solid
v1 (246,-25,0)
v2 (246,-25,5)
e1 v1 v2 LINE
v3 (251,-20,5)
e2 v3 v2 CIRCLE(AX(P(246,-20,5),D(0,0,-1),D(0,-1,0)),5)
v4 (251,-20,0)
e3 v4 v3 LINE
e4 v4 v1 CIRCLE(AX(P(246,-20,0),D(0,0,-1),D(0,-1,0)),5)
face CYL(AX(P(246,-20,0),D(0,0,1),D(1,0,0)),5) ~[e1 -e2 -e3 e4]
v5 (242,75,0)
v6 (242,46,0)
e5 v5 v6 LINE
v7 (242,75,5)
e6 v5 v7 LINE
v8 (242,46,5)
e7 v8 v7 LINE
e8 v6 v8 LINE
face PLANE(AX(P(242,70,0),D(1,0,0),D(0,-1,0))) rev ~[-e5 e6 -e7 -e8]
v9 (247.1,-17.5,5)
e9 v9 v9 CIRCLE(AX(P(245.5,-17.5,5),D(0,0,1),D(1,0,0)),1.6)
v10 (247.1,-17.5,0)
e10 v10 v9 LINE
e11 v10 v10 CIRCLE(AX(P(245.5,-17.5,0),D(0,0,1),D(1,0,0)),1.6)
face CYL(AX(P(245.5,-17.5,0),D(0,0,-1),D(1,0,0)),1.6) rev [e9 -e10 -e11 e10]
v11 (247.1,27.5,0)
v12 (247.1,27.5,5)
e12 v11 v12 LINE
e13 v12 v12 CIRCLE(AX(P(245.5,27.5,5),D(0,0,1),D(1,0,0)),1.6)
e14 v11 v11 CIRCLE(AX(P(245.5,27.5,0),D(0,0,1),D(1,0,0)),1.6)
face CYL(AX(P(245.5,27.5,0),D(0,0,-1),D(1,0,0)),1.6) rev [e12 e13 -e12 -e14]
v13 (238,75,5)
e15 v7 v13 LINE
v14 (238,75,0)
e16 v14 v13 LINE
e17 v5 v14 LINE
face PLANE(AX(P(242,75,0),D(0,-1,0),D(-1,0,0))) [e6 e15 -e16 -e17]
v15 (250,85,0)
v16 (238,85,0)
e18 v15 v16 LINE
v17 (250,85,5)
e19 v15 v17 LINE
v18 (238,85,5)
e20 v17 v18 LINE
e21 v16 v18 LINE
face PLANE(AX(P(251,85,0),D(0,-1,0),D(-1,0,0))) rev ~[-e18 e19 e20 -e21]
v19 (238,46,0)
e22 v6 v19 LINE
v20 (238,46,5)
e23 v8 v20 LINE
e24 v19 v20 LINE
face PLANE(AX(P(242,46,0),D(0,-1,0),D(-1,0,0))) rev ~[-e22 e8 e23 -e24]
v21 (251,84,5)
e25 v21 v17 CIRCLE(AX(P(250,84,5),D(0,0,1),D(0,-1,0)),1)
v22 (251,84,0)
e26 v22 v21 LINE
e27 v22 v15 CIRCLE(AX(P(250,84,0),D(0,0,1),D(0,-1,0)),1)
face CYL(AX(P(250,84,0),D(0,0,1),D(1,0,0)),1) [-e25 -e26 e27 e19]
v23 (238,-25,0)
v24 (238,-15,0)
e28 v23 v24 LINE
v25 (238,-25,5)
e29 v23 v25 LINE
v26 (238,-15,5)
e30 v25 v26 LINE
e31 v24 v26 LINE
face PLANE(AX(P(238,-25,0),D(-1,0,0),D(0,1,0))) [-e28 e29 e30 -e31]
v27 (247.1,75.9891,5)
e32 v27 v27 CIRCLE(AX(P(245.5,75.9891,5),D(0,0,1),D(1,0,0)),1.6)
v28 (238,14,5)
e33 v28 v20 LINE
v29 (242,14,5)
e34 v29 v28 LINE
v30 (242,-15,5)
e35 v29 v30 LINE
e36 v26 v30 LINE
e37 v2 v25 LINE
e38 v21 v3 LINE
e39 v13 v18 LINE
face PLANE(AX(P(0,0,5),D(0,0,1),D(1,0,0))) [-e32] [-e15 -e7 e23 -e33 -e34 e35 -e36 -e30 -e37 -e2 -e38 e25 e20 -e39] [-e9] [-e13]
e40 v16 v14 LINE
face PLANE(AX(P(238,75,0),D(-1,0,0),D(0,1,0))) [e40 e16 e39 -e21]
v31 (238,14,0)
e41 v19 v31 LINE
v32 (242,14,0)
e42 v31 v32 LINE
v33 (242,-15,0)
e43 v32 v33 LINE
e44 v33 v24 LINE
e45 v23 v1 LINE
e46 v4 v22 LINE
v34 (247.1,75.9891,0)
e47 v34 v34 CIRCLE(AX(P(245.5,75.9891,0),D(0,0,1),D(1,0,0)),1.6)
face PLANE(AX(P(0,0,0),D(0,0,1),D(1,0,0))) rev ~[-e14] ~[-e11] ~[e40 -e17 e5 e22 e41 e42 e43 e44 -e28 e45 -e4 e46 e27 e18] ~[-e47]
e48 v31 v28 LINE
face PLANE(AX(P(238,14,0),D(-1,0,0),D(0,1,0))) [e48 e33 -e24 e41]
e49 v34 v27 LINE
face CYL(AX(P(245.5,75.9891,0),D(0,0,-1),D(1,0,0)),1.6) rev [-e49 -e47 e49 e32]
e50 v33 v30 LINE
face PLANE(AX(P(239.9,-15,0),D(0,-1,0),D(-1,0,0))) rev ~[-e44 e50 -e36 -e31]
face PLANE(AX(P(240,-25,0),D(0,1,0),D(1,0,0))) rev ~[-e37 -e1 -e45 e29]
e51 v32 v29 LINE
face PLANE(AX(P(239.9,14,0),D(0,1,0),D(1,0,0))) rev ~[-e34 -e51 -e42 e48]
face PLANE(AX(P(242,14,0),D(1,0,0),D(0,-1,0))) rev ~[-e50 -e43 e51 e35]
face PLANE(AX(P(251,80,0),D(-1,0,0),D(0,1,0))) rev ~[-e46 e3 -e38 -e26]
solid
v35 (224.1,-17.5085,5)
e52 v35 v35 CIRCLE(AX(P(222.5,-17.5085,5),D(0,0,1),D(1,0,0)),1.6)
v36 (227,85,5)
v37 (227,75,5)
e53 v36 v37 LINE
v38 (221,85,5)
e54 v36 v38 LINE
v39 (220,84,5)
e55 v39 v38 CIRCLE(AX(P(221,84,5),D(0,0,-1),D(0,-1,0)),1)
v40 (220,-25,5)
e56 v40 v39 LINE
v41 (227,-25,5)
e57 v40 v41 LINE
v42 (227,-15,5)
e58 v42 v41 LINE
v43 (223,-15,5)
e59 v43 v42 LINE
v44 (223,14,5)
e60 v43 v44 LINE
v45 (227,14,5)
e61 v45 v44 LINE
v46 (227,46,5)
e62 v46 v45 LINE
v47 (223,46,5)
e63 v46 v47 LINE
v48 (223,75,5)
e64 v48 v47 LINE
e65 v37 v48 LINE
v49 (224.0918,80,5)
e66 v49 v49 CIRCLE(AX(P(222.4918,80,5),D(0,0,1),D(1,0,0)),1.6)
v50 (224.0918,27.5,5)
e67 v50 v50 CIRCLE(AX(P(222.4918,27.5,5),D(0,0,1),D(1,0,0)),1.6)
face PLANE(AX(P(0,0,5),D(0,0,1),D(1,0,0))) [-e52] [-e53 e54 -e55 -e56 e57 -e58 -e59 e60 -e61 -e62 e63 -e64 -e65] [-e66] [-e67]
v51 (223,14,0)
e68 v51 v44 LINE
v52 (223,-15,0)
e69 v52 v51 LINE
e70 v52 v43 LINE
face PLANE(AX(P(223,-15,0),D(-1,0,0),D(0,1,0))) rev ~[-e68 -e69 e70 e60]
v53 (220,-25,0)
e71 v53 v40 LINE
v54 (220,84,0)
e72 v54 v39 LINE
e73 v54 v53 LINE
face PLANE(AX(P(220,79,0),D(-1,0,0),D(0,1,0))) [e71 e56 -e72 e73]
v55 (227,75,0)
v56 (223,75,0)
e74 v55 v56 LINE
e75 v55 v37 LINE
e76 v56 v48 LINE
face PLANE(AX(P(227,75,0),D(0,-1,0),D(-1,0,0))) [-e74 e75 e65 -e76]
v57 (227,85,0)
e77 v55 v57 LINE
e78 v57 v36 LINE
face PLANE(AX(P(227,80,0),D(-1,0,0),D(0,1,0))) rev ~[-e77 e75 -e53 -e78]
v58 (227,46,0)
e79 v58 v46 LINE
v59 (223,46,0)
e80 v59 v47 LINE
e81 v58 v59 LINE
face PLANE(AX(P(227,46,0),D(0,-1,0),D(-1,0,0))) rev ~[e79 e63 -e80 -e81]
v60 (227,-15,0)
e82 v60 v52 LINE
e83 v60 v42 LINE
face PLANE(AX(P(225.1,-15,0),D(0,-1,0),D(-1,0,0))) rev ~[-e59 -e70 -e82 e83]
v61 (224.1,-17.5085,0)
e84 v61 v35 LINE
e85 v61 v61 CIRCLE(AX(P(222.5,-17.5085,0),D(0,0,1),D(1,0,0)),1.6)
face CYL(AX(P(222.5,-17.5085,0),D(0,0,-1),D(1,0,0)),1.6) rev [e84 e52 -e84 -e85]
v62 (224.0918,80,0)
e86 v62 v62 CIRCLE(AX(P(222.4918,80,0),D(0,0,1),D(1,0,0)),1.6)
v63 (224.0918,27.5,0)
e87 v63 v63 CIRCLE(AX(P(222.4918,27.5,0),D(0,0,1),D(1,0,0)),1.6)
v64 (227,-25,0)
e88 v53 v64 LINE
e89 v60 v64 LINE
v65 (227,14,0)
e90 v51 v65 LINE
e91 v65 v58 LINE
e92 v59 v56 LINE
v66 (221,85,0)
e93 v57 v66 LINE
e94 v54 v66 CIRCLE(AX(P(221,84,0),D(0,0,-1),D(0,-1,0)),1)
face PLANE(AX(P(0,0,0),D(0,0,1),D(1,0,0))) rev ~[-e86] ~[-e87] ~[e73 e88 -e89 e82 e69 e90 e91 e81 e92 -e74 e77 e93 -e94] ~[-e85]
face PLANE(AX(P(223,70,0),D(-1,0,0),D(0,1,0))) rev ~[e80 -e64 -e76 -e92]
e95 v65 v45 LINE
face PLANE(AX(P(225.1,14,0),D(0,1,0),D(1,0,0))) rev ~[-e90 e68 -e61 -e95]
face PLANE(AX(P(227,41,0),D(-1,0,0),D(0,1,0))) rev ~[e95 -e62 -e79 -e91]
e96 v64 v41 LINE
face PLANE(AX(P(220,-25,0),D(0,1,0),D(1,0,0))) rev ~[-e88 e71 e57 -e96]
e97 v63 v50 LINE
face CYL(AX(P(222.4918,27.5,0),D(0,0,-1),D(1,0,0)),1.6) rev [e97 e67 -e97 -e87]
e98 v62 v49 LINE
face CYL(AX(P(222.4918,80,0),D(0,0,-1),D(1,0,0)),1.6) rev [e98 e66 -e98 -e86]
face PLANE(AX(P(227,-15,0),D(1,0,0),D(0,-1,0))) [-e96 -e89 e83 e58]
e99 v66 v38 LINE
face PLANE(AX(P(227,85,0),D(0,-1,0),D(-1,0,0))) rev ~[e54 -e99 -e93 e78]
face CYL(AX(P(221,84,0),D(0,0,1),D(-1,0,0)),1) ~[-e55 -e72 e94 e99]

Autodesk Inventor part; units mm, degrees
ref_plane "YZ Plane" through (0, 0, 0) normal (1, 0, 0) x (0, 1, 0)
ref_plane "XZ Plane" through (0, 0, 0) normal (0, 1, 0) x (-1, 0, 0)
ref_plane "XY Plane" through (0, 0, 0) normal (0, 0, 1) x (1, 0, 0)
sketch "Boceto1" plane through (0, 0, 0) normal (0, 0, 1) x (1, 0, 0)
  line L0 (220, 79) -> (220, 30)
  circle A0 centre (222.5, -17.5085) radius 1.6
  circle A1 centre (222.4918, 27.5) radius 1.6
  circle A2 centre (245.5, 27.5) radius 1.6
  circle A3 centre (245.5, -17.5) radius 1.6
  circle A4 centre (222.4918, 80) radius 1.6
  circle A5 centre (245.5, 75.9891) radius 1.6
  line L1 (220, 30) -> (220, -25)
  line L2 (238, 75) -> (238, 80)
  line L3 (227, 80) -> (227, 75)
  line L4 (220, -25) -> (227, -25)
  line L5 (238, -25) -> (240, -25)
  line L6 (239.9, -15) -> (238, -15)
  line L7 (227, -15) -> (225.1, -15)
  line L8 (227, 41) -> (227, 14)
  line L9 (227, -15) -> (227, -25)
  line L10 (238, -25) -> (238, -15)
  line L11 (238, 14) -> (238, 41)
  line L12 (225.1, 14) -> (227, 14)
  line L13 (238, 14) -> (239.9, 14)
  line L14 (225.1, -15) -> (223, -15)
  line L15 (239.9, -15) -> (242, -15)
  line L16 (225.1, 14) -> (223, 14)
  line L17 (239.9, 14) -> (242, 14)
  line L18 (223, 46) -> (223, 70)
  line L19 (242, 70) -> (242, 46)
  line L20 (223, -15) -> (223, 14)
  line L21 (242, 14) -> (242, -15)
  line L22 (251, 80) -> (251, -25)
  line L23 (240, -25) -> (251, -25)
  line L24 (220, 79) -> (220, 85)
  line L25 (227, 80) -> (227, 85)
  line L26 (238, 80) -> (238, 85)
  line L27 (251, 80) -> (251, 85)
  line L28 (251, 85) -> (238, 85)
  line L29 (227, 85) -> (220, 85)
  line L30 (227, 41) -> (227, 46)
  line L31 (238, 41) -> (238, 46)
  line L32 (242, 46) -> (238, 46)
  line L33 (227, 46) -> (223, 46)
  line L34 (223, 70) -> (223, 75)
  line L35 (242, 70) -> (242, 75)
  line L36 (242, 75) -> (238, 75)
  line L37 (227, 75) -> (223, 75)
  dimension "d6" = 7
  dimension "d17" = 7.5
  dimension "d18" = 5
  dimension "d21" = 7.5
  dimension "d22" = 7.5
  dimension "d23" = 4.5082
  dimension "d24" = 4.5
extrude "Extrusión1" add sketch "Boceto1" along normal blind 5
fillet "Empalme2" radius 5 1 edges at (251, -25, 2.5)
fillet "Empalme3" radius 1 1 edges at (251, 85, 2.5)
fillet "Empalme4" radius 1 1 edges at (220, 85, 2.5)
properties part number "suplemento cojinete"
